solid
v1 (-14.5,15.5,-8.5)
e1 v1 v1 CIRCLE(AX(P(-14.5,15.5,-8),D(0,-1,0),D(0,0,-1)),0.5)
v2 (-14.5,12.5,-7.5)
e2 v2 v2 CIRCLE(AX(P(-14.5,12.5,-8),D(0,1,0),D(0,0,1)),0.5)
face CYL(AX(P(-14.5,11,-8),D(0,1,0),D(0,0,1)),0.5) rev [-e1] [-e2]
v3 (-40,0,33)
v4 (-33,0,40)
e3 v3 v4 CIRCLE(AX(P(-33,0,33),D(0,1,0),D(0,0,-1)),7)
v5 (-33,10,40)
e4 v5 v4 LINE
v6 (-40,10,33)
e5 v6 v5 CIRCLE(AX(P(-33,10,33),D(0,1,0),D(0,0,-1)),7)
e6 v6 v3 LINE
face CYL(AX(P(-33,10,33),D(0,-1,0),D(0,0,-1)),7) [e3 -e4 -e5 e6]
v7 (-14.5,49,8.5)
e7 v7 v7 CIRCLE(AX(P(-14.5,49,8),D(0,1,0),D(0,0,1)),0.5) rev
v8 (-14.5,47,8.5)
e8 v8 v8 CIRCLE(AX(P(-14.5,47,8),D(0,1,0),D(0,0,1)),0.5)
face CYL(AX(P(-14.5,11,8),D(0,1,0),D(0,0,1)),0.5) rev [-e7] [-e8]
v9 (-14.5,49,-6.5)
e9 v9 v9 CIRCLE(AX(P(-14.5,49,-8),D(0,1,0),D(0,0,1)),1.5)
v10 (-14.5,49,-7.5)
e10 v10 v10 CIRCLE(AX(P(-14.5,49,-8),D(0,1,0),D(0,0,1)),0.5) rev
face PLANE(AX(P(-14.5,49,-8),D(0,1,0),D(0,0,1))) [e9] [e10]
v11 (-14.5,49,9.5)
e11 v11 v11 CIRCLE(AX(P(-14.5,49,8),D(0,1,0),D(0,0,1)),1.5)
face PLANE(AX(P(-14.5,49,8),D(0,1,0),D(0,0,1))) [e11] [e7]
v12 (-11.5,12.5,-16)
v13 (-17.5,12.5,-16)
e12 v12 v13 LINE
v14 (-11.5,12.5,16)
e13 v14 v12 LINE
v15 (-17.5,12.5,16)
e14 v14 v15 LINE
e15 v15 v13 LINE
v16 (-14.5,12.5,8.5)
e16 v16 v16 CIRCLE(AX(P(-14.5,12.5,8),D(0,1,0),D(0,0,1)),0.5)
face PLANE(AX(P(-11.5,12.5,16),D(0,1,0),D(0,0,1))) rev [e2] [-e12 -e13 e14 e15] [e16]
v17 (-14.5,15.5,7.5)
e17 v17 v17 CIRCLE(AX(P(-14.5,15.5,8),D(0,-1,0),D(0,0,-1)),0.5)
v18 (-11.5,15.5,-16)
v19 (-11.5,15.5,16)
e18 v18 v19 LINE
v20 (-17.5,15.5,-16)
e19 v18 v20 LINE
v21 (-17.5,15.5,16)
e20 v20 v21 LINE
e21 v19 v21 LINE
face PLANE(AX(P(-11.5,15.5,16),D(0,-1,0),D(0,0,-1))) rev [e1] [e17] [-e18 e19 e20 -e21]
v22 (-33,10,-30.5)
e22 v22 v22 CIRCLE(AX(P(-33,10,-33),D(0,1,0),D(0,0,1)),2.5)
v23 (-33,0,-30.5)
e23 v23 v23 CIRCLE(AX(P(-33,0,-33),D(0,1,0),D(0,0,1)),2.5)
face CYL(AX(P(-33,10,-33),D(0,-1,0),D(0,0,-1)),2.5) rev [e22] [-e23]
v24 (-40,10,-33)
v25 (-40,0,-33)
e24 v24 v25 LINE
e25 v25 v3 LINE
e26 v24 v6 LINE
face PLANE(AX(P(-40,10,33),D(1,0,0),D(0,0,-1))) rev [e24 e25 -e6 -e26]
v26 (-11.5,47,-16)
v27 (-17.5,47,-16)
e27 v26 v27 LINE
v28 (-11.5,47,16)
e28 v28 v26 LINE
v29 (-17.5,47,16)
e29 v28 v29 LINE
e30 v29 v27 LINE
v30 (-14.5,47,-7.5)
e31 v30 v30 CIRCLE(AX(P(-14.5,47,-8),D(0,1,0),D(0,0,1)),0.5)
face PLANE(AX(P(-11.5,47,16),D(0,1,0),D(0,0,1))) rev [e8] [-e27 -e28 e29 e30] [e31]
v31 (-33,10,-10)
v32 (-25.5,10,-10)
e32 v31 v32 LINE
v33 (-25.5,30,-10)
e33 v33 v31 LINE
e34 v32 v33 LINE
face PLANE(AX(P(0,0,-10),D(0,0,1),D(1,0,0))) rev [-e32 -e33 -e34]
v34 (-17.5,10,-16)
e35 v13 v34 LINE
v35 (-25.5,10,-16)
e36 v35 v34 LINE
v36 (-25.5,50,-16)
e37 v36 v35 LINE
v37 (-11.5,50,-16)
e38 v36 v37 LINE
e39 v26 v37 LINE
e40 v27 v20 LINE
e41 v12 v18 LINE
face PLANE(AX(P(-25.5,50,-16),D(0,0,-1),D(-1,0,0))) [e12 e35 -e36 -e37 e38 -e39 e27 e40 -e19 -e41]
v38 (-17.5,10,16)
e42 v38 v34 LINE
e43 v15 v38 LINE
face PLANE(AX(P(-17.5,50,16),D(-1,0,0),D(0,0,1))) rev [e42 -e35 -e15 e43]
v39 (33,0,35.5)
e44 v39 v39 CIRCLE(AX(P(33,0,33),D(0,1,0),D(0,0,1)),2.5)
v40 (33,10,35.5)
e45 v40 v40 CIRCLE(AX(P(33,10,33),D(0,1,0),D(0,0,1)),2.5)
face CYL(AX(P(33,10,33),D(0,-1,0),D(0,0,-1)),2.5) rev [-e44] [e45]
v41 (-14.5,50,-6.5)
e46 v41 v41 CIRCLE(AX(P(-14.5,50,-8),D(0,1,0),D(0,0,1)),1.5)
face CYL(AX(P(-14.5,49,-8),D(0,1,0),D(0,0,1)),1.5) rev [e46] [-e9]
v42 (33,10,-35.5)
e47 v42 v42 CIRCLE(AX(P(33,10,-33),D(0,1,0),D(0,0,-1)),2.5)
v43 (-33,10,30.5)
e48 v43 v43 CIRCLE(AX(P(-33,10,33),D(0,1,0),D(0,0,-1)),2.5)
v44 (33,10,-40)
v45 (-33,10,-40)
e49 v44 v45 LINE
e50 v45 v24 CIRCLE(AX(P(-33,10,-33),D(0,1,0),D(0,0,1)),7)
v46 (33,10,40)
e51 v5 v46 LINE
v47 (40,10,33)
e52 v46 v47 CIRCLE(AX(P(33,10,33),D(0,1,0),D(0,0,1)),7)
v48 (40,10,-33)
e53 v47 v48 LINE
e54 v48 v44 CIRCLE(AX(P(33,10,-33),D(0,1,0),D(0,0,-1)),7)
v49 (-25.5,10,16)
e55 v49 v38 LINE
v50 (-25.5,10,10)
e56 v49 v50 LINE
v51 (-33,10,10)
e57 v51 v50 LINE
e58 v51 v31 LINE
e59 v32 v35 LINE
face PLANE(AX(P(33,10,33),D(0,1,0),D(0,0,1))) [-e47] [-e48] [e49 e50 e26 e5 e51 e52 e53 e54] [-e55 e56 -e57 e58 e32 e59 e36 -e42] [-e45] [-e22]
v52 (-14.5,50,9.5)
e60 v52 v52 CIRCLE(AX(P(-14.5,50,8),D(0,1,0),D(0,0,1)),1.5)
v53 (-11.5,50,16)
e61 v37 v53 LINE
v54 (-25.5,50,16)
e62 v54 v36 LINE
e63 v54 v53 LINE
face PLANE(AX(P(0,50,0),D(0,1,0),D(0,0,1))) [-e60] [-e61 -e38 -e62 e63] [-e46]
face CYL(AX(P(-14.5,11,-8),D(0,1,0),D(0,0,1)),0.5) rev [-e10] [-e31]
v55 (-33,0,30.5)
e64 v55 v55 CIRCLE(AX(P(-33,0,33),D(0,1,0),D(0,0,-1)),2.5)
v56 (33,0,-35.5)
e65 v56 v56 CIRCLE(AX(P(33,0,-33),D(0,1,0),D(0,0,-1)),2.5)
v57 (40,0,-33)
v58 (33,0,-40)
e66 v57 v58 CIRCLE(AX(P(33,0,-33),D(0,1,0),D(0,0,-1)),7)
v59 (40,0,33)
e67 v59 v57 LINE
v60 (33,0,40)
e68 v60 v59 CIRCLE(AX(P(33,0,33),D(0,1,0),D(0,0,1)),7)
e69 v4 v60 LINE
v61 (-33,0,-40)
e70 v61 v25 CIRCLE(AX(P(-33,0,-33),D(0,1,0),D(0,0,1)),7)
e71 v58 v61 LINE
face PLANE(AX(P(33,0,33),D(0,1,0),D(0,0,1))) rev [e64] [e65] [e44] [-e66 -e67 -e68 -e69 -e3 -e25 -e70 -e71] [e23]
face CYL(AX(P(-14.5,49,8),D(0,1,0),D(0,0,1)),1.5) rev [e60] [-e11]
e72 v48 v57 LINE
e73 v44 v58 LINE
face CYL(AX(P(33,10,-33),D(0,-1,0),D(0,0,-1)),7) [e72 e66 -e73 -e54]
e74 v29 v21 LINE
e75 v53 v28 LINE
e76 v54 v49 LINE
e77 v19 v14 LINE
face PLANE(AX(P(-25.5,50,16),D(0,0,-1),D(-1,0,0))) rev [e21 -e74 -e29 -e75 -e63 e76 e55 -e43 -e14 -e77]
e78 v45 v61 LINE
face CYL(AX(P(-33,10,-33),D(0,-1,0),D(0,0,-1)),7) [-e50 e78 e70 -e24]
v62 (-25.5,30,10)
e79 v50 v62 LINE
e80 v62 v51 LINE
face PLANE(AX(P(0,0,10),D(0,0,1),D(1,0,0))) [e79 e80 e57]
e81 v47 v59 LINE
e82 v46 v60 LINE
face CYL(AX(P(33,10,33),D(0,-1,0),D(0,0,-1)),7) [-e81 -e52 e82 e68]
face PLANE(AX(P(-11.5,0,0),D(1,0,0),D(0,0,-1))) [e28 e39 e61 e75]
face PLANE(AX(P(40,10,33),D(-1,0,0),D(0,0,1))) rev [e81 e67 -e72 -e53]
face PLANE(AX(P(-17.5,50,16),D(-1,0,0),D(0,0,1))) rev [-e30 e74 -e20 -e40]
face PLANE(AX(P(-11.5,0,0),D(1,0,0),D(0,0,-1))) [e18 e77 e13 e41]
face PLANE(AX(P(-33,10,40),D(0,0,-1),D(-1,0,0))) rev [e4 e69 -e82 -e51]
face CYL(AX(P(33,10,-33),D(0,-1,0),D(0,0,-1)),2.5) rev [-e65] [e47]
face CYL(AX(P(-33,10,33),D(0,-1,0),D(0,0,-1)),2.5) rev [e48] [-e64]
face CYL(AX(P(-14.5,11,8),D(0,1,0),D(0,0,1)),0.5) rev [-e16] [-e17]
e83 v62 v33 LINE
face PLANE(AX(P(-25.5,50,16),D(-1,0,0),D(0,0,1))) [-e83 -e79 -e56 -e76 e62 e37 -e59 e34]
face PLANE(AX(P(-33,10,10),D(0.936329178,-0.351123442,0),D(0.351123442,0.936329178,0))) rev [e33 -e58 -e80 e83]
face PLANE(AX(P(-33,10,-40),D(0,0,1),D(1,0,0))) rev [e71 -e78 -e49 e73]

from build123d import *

# Parameters (mm, degrees)
SKETCH1_R           = 2.5
BOSS_EXTRUDE1_DEPTH = 10
SKETCH5_W           = 8
SKETCH5_H           = 32
BOSS_EXTRUDE4_DEPTH = 40
BOSS_EXTRUDE5_DEPTH = 10
SKETCH7_W           = 32
SKETCH7_H           = 3
BOSS_EXTRUDE6_DEPTH = 6
SKETCH8_R           = 0.5
CUT_EXTRUDE1_DEPTH  = 39
SKETCH9_R           = 1.5
CUT_EXTRUDE2_DEPTH  = 1


with BuildPart() as part:
    # Sketch1 → Boss-Extrude1 (new body)
    with BuildSketch(Plane(origin=(0, 0, 0), x_dir=(1, 0, 0), z_dir=(0, 1, 0))):
        with BuildLine():
            Line((-33, -40), (33, -40))
            ThreePointArc((33, -40), (37.949747468, -37.949747468), (40, -33))
            Line((40, -33), (40, 33))
            ThreePointArc((40, 33), (37.949747468, 37.949747468), (33, 40))
            Line((33, 40), (-33, 40))
            ThreePointArc((-33, 40), (-37.949747468, 37.949747468), (-40, 33))
            Line((-40, 33), (-40, -33))
            ThreePointArc((-40, -33), (-37.949747468, -37.949747468), (-33, -40))
        make_face()
        with Locations((33, -33)):
            Circle(SKETCH1_R, mode=Mode.SUBTRACT)
        with Locations((-33, -33)):
            Circle(SKETCH1_R, mode=Mode.SUBTRACT)
        with Locations((33, 33)):
            Circle(SKETCH1_R, mode=Mode.SUBTRACT)
        with Locations((-33, 33)):
            Circle(SKETCH1_R, mode=Mode.SUBTRACT)
    extrude(amount=BOSS_EXTRUDE1_DEPTH)

    # Sketch5 → Boss-Extrude4 (add)
    with BuildSketch(Plane(origin=(0, 10, 0), x_dir=(1, 0, 0), z_dir=(0, 1, 0))):
        with Locations((-21.5, 0)):
            Rectangle(SKETCH5_W, SKETCH5_H)
    extrude(amount=BOSS_EXTRUDE4_DEPTH)

    # Sketch6 → Boss-Extrude5 (add, symmetric)
    with BuildSketch(Plane.XY):
        Polygon((-33, 10), (-25.5, 30), (-25.5, 10), align=None)
    extrude(amount=BOSS_EXTRUDE5_DEPTH, both=True)

    # Sketch7 → Boss-Extrude6 (add)
    with BuildSketch(Plane(origin=(-17.5, 0, 0), x_dir=(0, 0, -1), z_dir=(1, 0, 0))):
        with Locations((0, 48.5)):
            Rectangle(SKETCH7_W, SKETCH7_H)
        with Locations((0, 14)):
            Rectangle(SKETCH7_W, SKETCH7_H)
    extrude(amount=BOSS_EXTRUDE6_DEPTH)

    # Sketch8 → Cut-Extrude1 (cut)
    with BuildSketch(Plane(origin=(0, 50, 0), x_dir=(1, 0, 0), z_dir=(0, 1, 0))):
        with Locations((-14.5, -8)):
            Circle(SKETCH8_R)
        with Locations((-14.5, 8)):
            Circle(SKETCH8_R)
    extrude(amount=-CUT_EXTRUDE1_DEPTH, mode=Mode.SUBTRACT)

    # Sketch9 → Cut-Extrude2 (cut)
    with BuildSketch(Plane(origin=(0, 50, 0), x_dir=(1, 0, 0), z_dir=(0, 1, 0))):
        with Locations((-14.5, 8)):
            Circle(SKETCH9_R)
        with Locations((-14.5, -8)):
            Circle(SKETCH9_R)
    extrude(amount=-CUT_EXTRUDE2_DEPTH, mode=Mode.SUBTRACT)


solid = part.part
